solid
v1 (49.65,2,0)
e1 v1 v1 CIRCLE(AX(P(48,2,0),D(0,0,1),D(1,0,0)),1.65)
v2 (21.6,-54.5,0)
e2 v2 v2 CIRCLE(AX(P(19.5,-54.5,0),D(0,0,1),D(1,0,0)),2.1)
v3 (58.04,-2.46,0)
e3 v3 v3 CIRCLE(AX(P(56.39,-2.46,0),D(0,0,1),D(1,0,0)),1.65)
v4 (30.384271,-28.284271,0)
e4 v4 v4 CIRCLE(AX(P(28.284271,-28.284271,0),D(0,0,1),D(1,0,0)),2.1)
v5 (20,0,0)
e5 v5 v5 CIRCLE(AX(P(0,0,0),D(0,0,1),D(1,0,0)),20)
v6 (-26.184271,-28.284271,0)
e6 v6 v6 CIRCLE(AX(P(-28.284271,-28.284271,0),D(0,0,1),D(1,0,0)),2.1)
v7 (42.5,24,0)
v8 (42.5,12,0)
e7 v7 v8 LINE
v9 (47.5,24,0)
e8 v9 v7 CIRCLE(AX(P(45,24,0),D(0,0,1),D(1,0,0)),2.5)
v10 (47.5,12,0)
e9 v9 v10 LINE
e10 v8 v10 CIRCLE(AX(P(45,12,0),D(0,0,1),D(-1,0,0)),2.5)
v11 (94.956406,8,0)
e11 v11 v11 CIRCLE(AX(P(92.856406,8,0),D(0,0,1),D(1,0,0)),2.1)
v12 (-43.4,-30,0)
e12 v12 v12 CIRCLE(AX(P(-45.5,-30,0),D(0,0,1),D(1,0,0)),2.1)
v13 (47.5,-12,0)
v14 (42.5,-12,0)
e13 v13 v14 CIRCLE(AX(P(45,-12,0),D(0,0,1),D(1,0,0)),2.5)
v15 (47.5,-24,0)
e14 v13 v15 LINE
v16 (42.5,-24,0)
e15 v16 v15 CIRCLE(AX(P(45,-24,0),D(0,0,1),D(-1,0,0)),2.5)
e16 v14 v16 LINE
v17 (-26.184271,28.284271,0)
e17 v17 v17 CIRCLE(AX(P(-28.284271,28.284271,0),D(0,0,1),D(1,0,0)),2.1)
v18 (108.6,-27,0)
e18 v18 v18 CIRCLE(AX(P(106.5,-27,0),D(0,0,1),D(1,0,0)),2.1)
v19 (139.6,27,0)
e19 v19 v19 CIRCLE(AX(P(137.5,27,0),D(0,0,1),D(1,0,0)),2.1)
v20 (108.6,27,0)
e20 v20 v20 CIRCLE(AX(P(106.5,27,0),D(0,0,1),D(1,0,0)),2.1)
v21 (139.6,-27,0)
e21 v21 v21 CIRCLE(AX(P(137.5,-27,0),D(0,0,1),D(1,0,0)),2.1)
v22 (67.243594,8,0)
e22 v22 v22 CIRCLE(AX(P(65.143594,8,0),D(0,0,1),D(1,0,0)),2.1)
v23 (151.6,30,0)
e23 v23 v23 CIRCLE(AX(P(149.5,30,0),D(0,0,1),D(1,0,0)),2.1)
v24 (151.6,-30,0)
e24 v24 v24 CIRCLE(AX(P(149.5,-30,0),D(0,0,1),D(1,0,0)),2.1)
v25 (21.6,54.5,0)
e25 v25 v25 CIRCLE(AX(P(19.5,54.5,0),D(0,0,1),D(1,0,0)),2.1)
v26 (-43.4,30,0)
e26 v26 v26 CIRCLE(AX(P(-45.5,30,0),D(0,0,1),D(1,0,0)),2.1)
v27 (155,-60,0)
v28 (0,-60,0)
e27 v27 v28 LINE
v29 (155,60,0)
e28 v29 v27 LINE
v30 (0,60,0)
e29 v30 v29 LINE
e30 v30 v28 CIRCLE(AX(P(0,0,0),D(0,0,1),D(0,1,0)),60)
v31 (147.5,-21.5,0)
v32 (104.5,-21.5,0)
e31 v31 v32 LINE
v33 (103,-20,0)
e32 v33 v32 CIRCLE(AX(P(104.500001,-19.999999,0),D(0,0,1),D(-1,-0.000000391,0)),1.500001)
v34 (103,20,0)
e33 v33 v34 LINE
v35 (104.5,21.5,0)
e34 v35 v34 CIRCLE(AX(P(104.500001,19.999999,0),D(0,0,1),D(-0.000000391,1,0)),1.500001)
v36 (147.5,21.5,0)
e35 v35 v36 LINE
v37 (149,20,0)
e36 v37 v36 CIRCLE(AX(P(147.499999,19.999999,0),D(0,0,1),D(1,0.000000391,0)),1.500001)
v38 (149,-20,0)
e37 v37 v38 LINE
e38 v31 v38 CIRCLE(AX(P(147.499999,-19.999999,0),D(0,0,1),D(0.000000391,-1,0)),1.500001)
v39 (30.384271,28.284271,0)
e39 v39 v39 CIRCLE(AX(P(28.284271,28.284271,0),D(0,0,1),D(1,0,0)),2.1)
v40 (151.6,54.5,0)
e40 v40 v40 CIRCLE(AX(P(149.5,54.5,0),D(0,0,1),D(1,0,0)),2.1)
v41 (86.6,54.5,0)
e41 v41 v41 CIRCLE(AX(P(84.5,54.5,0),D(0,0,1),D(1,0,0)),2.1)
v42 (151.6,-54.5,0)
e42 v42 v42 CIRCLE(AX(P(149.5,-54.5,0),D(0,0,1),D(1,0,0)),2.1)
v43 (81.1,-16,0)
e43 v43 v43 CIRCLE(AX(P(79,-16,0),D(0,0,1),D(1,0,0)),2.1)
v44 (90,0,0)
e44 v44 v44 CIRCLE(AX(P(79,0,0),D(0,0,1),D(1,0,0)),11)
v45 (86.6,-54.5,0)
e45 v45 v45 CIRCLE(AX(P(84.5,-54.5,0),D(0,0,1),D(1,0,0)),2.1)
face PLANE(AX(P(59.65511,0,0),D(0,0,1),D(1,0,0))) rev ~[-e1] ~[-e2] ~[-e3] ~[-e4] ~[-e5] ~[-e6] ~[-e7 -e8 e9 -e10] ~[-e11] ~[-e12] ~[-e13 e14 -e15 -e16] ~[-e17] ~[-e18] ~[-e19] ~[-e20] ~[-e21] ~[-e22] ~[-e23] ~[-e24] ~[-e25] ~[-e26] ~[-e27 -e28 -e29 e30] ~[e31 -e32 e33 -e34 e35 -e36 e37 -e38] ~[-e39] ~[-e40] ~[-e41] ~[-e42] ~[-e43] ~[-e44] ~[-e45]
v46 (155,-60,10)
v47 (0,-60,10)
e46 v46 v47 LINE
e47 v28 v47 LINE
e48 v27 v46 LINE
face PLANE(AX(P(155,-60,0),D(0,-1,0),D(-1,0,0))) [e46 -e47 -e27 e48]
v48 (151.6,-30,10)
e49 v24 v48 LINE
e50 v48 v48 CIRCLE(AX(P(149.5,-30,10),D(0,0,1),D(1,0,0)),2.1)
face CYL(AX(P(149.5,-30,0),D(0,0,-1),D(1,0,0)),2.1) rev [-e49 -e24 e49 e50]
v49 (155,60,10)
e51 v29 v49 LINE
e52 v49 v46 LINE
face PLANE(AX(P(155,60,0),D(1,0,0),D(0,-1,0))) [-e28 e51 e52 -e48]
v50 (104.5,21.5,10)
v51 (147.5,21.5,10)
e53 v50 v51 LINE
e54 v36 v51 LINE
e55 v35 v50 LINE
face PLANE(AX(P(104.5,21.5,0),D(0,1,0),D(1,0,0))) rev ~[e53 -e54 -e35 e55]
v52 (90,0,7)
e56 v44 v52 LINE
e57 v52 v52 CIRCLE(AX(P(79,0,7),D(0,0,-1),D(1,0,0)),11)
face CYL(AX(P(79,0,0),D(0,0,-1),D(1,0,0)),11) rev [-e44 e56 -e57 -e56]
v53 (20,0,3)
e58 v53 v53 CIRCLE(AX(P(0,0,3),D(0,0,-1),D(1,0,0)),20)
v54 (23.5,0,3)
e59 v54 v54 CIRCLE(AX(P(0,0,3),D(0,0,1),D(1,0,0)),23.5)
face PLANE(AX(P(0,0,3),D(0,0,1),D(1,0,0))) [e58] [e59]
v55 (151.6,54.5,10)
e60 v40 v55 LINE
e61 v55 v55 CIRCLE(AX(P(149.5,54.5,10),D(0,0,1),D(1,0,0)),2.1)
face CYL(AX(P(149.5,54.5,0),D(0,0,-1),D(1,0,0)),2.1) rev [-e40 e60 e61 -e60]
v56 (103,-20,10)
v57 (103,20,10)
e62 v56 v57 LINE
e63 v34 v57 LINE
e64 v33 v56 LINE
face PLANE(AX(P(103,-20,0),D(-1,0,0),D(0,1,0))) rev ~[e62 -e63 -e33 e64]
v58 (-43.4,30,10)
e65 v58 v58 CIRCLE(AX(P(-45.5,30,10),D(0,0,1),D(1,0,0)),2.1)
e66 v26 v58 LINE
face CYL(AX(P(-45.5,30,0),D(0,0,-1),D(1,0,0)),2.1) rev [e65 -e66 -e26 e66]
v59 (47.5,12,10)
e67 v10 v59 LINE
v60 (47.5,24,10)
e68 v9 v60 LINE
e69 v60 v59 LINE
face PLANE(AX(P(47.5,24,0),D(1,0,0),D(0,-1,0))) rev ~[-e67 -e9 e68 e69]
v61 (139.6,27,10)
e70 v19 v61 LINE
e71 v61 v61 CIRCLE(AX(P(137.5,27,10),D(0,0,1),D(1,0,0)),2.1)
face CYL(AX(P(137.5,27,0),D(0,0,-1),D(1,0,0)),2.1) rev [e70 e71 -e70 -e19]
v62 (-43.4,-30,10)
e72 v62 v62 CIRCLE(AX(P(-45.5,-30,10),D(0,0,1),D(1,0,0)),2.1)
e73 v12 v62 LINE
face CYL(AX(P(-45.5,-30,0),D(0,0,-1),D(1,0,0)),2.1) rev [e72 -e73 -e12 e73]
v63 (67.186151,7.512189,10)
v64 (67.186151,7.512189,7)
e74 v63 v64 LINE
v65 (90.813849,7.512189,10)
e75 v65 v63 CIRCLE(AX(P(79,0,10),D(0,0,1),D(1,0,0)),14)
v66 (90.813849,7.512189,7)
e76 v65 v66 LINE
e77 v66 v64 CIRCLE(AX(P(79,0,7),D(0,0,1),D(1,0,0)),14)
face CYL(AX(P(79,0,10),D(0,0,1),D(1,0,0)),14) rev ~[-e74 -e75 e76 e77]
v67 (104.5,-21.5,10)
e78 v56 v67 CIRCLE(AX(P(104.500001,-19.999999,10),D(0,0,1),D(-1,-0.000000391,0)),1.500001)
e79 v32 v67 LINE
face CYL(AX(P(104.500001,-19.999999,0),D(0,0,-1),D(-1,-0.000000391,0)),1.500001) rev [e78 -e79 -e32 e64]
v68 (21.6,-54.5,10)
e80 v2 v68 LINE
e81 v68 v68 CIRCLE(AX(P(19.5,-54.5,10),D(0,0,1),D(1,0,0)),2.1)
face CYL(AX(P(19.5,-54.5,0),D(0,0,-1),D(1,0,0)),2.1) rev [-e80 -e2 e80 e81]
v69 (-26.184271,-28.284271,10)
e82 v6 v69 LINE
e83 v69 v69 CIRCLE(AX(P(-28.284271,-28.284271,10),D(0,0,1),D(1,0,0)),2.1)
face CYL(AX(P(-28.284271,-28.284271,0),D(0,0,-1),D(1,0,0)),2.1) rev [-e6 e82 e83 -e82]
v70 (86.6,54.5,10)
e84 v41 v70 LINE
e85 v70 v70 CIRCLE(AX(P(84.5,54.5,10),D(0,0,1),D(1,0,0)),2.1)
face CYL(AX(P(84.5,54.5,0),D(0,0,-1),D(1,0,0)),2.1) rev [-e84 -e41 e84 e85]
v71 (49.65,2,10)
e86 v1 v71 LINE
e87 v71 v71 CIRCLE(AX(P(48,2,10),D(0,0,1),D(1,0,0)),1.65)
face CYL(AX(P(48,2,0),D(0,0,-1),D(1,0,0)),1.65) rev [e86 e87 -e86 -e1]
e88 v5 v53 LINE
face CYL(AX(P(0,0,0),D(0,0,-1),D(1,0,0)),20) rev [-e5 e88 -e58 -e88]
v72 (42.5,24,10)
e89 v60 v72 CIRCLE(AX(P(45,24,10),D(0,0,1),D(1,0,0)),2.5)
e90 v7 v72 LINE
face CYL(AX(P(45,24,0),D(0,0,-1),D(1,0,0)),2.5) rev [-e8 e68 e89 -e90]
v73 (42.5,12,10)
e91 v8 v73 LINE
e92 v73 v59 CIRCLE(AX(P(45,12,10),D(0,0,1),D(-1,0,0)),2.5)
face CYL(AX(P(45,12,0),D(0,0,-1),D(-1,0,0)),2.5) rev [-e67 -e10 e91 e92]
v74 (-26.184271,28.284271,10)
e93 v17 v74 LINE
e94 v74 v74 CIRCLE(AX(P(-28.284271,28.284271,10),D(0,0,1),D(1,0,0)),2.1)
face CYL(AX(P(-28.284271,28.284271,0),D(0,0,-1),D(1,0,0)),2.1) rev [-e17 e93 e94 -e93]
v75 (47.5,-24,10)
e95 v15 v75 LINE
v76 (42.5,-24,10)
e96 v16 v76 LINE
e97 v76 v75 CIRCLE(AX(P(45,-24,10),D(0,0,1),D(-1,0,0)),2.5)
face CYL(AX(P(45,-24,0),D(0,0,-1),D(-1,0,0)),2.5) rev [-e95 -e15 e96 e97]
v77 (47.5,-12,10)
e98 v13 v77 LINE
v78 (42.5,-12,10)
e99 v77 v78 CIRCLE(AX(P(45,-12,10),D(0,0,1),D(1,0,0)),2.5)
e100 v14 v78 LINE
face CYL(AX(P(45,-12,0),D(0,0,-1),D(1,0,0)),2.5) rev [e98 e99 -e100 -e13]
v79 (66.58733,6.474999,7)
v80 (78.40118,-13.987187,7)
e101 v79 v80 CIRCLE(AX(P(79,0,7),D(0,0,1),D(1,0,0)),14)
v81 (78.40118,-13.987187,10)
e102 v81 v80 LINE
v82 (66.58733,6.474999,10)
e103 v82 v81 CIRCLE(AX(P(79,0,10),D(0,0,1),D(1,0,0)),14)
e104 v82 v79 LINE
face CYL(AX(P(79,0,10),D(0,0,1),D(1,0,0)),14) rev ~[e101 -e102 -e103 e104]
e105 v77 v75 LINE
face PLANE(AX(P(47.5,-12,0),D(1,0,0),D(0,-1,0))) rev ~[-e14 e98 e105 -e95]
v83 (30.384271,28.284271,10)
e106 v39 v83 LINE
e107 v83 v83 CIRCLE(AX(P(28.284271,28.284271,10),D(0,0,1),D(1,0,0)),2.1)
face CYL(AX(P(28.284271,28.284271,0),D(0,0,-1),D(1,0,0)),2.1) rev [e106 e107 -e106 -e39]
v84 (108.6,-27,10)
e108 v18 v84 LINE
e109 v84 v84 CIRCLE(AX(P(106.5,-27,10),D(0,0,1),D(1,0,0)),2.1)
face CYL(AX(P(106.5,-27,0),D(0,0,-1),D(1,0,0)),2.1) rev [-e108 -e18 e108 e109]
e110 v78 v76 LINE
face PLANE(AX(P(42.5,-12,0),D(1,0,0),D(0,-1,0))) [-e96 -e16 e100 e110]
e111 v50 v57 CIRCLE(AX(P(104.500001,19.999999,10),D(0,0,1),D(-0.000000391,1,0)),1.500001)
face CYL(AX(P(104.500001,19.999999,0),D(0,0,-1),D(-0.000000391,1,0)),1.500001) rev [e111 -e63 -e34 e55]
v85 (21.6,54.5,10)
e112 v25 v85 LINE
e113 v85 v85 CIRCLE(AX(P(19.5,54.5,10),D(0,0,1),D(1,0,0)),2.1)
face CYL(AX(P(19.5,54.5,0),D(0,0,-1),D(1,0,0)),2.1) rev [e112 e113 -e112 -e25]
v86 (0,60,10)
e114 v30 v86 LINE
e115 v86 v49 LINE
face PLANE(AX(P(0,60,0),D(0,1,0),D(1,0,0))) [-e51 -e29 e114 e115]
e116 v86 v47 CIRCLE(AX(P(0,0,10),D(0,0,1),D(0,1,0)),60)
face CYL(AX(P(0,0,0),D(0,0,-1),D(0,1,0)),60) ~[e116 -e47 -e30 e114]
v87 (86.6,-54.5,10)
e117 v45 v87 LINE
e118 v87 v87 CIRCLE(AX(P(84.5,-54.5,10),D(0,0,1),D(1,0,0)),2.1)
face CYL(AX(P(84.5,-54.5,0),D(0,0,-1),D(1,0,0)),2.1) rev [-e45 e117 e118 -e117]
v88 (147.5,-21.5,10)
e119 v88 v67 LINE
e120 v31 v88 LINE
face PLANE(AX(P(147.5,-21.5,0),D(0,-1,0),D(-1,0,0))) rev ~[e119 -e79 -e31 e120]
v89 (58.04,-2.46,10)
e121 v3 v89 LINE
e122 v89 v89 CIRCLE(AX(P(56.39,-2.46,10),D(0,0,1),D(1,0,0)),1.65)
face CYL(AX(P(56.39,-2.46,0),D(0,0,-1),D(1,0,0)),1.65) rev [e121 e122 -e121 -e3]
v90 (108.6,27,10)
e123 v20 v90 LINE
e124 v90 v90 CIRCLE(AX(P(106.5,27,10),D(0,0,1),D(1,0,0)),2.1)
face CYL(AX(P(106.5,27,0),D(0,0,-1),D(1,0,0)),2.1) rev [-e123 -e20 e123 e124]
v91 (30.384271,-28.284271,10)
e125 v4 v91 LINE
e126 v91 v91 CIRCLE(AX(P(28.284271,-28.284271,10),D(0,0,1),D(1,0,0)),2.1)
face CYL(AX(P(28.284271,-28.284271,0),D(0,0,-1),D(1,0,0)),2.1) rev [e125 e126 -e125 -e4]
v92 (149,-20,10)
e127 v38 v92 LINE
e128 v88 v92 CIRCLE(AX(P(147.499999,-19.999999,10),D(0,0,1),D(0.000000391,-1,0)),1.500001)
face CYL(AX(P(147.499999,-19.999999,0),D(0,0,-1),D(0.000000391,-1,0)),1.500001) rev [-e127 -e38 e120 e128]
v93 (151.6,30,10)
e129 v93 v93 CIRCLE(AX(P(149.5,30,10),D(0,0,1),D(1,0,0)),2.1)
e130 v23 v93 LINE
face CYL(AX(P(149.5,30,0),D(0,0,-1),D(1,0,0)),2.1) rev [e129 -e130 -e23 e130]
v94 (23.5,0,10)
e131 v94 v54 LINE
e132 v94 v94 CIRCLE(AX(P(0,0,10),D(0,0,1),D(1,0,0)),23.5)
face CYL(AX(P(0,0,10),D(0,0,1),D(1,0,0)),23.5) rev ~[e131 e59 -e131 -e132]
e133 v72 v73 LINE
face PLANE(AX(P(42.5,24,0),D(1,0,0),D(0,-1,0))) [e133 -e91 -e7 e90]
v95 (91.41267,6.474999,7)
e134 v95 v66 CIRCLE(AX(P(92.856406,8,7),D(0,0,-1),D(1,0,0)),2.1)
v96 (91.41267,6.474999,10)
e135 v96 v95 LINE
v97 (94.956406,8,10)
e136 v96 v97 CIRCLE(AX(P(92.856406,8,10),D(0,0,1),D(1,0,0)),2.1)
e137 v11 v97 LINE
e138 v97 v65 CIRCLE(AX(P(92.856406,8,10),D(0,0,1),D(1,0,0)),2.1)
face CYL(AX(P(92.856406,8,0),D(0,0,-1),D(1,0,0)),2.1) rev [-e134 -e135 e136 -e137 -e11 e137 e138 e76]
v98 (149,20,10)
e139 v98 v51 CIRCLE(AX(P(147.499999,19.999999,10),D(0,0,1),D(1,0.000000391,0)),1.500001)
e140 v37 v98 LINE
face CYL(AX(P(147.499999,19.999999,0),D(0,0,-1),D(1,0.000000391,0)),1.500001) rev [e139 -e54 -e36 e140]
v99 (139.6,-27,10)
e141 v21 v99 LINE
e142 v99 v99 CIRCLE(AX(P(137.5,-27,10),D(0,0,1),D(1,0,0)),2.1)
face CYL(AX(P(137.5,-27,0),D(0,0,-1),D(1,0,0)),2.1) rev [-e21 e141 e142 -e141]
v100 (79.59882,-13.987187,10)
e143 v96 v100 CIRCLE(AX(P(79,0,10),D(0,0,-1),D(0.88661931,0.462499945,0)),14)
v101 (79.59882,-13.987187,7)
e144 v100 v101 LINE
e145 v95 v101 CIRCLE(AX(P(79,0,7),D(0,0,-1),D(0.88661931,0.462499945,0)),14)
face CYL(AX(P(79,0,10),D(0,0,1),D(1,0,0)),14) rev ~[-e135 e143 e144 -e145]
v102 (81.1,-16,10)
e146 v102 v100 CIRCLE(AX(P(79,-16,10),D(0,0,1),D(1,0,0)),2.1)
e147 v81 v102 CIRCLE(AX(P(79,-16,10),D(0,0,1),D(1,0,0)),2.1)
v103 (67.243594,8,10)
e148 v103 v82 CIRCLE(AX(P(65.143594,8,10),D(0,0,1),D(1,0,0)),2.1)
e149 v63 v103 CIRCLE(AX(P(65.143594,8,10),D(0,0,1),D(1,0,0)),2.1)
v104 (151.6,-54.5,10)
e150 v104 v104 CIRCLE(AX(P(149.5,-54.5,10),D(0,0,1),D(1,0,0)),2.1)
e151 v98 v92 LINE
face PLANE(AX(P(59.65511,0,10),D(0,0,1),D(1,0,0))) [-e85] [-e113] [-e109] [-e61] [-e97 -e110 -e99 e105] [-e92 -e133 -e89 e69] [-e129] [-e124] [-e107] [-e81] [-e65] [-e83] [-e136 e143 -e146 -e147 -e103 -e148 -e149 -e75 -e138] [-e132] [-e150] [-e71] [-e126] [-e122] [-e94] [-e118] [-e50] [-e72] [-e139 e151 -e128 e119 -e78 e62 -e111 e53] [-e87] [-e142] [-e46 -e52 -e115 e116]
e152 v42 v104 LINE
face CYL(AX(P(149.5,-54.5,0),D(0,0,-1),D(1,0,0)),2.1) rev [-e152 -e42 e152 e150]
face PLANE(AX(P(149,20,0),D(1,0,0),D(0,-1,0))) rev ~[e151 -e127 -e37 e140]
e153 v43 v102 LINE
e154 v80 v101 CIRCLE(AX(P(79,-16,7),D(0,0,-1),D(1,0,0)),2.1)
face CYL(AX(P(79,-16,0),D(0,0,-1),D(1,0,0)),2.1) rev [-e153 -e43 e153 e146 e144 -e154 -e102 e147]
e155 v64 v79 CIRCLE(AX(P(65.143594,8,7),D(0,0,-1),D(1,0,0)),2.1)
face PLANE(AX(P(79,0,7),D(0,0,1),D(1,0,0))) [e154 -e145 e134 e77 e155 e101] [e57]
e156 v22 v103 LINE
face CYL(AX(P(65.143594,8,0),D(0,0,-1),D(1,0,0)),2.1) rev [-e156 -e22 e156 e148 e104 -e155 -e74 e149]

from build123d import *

# Parameters (mm, degrees)
SKETCH_R        = 2.1
SKETCH_R_2      = 11
SKETCH_R_3      = 20
SKETCH_R_4      = 1.65
PAD_DEPTH       = 10
SKETCH001_R     = 23.5
POCKET_DEPTH    = 7
SKETCH002_R     = 14
POCKET001_DEPTH = 3


with BuildPart() as part:
    # Sketch → Pad (new body)
    with BuildSketch(Plane.XY):
        with BuildLine():
            ThreePointArc((0, 60), (-60, 0), (0, -60))
            Line((155, -60), (0, -60))
            Line((155, 60), (155, -60))
            Line((0, 60), (155, 60))
        make_face()
        with Locations((84.5, -54.5)):
            Circle(SKETCH_R, mode=Mode.SUBTRACT)
        with Locations((84.5, 54.5)):
            Circle(SKETCH_R, mode=Mode.SUBTRACT)
        with Locations((149.5, 54.5)):
            Circle(SKETCH_R, mode=Mode.SUBTRACT)
        with Locations((149.5, -54.5)):
            Circle(SKETCH_R, mode=Mode.SUBTRACT)
        with Locations((-45.5, 30)):
            Circle(SKETCH_R, mode=Mode.SUBTRACT)
        with Locations((-45.5, -30)):
            Circle(SKETCH_R, mode=Mode.SUBTRACT)
        with Locations((19.5, 54.5)):
            Circle(SKETCH_R, mode=Mode.SUBTRACT)
        with Locations((19.5, -54.5)):
            Circle(SKETCH_R, mode=Mode.SUBTRACT)
        with Locations((106.5, -27)):
            Circle(SKETCH_R, mode=Mode.SUBTRACT)
        with Locations((137.5, -27)):
            Circle(SKETCH_R, mode=Mode.SUBTRACT)
        with Locations((149.5, 30)):
            Circle(SKETCH_R, mode=Mode.SUBTRACT)
        with Locations((106.5, 27)):
            Circle(SKETCH_R, mode=Mode.SUBTRACT)
        with Locations((79, 0)):
            Circle(SKETCH_R_2, mode=Mode.SUBTRACT)
        Circle(SKETCH_R_3, mode=Mode.SUBTRACT)
        with Locations((-28.284271, 28.284271)):
            Circle(SKETCH_R, mode=Mode.SUBTRACT)
        with Locations((28.284271, 28.284271)):
            Circle(SKETCH_R, mode=Mode.SUBTRACT)
        with Locations((-28.284271, -28.284271)):
            Circle(SKETCH_R, mode=Mode.SUBTRACT)
        with Locations((28.284271, -28.284271)):
            Circle(SKETCH_R, mode=Mode.SUBTRACT)
        with Locations((79, -16)):
            Circle(SKETCH_R, mode=Mode.SUBTRACT)
        with Locations((92.856406, 8)):
            Circle(SKETCH_R, mode=Mode.SUBTRACT)
        with Locations((65.143594, 8)):
            Circle(SKETCH_R, mode=Mode.SUBTRACT)
        with Locations((48, 2)):
            Circle(SKETCH_R_4, mode=Mode.SUBTRACT)
        with Locations((56.39, -2.46)):
            Circle(SKETCH_R_4, mode=Mode.SUBTRACT)
        with Locations((149.5, -30)):
            Circle(SKETCH_R, mode=Mode.SUBTRACT)
        with Locations((137.5, 27)):
            Circle(SKETCH_R, mode=Mode.SUBTRACT)
        with BuildLine():
            Line((104.5, 21.5), (147.5, 21.5))
            ThreePointArc((149, 20), (148.56066, 21.06066), (147.5, 21.5))
            Line((149, 20), (149, -20))
            ThreePointArc((147.5, -21.5), (148.56066, -21.06066), (149, -20))
            Line((147.5, -21.5), (104.5, -21.5))
            ThreePointArc((103, -20), (103.43934, -21.06066), (104.5, -21.5))
            Line((103, -20), (103, 20))
            ThreePointArc((104.5, 21.5), (103.43934, 21.06066), (103, 20))
        make_face(mode=Mode.SUBTRACT)
        with BuildLine():
            ThreePointArc((47.5, 24), (45, 26.5), (42.5, 24))
            Line((42.5, 24), (42.5, 12))
            ThreePointArc((42.5, 12), (45, 9.5), (47.5, 12))
            Line((47.5, 24), (47.5, 12))
        make_face(mode=Mode.SUBTRACT)
        with BuildLine():
            ThreePointArc((47.5, -12), (45, -9.5), (42.5, -12))
            Line((42.5, -12), (42.5, -24))
            ThreePointArc((42.5, -24), (45, -26.5), (47.5, -24))
            Line((47.5, -12), (47.5, -24))
        make_face(mode=Mode.SUBTRACT)
    extrude(amount=PAD_DEPTH)

    # Sketch001 (on Face47 of Pad) → Pocket (cut)
    with BuildSketch(Plane.XY.offset(10)):
        Circle(SKETCH001_R)
    extrude(amount=-POCKET_DEPTH, mode=Mode.SUBTRACT)

    # Sketch002 (on Face5 of Pocket) → Pocket001 (cut)
    with BuildSketch(Plane.XY.offset(10)):
        with Locations((79, 0)):
            Circle(SKETCH002_R)
    extrude(amount=-POCKET001_DEPTH, mode=Mode.SUBTRACT)


solid = part.part
